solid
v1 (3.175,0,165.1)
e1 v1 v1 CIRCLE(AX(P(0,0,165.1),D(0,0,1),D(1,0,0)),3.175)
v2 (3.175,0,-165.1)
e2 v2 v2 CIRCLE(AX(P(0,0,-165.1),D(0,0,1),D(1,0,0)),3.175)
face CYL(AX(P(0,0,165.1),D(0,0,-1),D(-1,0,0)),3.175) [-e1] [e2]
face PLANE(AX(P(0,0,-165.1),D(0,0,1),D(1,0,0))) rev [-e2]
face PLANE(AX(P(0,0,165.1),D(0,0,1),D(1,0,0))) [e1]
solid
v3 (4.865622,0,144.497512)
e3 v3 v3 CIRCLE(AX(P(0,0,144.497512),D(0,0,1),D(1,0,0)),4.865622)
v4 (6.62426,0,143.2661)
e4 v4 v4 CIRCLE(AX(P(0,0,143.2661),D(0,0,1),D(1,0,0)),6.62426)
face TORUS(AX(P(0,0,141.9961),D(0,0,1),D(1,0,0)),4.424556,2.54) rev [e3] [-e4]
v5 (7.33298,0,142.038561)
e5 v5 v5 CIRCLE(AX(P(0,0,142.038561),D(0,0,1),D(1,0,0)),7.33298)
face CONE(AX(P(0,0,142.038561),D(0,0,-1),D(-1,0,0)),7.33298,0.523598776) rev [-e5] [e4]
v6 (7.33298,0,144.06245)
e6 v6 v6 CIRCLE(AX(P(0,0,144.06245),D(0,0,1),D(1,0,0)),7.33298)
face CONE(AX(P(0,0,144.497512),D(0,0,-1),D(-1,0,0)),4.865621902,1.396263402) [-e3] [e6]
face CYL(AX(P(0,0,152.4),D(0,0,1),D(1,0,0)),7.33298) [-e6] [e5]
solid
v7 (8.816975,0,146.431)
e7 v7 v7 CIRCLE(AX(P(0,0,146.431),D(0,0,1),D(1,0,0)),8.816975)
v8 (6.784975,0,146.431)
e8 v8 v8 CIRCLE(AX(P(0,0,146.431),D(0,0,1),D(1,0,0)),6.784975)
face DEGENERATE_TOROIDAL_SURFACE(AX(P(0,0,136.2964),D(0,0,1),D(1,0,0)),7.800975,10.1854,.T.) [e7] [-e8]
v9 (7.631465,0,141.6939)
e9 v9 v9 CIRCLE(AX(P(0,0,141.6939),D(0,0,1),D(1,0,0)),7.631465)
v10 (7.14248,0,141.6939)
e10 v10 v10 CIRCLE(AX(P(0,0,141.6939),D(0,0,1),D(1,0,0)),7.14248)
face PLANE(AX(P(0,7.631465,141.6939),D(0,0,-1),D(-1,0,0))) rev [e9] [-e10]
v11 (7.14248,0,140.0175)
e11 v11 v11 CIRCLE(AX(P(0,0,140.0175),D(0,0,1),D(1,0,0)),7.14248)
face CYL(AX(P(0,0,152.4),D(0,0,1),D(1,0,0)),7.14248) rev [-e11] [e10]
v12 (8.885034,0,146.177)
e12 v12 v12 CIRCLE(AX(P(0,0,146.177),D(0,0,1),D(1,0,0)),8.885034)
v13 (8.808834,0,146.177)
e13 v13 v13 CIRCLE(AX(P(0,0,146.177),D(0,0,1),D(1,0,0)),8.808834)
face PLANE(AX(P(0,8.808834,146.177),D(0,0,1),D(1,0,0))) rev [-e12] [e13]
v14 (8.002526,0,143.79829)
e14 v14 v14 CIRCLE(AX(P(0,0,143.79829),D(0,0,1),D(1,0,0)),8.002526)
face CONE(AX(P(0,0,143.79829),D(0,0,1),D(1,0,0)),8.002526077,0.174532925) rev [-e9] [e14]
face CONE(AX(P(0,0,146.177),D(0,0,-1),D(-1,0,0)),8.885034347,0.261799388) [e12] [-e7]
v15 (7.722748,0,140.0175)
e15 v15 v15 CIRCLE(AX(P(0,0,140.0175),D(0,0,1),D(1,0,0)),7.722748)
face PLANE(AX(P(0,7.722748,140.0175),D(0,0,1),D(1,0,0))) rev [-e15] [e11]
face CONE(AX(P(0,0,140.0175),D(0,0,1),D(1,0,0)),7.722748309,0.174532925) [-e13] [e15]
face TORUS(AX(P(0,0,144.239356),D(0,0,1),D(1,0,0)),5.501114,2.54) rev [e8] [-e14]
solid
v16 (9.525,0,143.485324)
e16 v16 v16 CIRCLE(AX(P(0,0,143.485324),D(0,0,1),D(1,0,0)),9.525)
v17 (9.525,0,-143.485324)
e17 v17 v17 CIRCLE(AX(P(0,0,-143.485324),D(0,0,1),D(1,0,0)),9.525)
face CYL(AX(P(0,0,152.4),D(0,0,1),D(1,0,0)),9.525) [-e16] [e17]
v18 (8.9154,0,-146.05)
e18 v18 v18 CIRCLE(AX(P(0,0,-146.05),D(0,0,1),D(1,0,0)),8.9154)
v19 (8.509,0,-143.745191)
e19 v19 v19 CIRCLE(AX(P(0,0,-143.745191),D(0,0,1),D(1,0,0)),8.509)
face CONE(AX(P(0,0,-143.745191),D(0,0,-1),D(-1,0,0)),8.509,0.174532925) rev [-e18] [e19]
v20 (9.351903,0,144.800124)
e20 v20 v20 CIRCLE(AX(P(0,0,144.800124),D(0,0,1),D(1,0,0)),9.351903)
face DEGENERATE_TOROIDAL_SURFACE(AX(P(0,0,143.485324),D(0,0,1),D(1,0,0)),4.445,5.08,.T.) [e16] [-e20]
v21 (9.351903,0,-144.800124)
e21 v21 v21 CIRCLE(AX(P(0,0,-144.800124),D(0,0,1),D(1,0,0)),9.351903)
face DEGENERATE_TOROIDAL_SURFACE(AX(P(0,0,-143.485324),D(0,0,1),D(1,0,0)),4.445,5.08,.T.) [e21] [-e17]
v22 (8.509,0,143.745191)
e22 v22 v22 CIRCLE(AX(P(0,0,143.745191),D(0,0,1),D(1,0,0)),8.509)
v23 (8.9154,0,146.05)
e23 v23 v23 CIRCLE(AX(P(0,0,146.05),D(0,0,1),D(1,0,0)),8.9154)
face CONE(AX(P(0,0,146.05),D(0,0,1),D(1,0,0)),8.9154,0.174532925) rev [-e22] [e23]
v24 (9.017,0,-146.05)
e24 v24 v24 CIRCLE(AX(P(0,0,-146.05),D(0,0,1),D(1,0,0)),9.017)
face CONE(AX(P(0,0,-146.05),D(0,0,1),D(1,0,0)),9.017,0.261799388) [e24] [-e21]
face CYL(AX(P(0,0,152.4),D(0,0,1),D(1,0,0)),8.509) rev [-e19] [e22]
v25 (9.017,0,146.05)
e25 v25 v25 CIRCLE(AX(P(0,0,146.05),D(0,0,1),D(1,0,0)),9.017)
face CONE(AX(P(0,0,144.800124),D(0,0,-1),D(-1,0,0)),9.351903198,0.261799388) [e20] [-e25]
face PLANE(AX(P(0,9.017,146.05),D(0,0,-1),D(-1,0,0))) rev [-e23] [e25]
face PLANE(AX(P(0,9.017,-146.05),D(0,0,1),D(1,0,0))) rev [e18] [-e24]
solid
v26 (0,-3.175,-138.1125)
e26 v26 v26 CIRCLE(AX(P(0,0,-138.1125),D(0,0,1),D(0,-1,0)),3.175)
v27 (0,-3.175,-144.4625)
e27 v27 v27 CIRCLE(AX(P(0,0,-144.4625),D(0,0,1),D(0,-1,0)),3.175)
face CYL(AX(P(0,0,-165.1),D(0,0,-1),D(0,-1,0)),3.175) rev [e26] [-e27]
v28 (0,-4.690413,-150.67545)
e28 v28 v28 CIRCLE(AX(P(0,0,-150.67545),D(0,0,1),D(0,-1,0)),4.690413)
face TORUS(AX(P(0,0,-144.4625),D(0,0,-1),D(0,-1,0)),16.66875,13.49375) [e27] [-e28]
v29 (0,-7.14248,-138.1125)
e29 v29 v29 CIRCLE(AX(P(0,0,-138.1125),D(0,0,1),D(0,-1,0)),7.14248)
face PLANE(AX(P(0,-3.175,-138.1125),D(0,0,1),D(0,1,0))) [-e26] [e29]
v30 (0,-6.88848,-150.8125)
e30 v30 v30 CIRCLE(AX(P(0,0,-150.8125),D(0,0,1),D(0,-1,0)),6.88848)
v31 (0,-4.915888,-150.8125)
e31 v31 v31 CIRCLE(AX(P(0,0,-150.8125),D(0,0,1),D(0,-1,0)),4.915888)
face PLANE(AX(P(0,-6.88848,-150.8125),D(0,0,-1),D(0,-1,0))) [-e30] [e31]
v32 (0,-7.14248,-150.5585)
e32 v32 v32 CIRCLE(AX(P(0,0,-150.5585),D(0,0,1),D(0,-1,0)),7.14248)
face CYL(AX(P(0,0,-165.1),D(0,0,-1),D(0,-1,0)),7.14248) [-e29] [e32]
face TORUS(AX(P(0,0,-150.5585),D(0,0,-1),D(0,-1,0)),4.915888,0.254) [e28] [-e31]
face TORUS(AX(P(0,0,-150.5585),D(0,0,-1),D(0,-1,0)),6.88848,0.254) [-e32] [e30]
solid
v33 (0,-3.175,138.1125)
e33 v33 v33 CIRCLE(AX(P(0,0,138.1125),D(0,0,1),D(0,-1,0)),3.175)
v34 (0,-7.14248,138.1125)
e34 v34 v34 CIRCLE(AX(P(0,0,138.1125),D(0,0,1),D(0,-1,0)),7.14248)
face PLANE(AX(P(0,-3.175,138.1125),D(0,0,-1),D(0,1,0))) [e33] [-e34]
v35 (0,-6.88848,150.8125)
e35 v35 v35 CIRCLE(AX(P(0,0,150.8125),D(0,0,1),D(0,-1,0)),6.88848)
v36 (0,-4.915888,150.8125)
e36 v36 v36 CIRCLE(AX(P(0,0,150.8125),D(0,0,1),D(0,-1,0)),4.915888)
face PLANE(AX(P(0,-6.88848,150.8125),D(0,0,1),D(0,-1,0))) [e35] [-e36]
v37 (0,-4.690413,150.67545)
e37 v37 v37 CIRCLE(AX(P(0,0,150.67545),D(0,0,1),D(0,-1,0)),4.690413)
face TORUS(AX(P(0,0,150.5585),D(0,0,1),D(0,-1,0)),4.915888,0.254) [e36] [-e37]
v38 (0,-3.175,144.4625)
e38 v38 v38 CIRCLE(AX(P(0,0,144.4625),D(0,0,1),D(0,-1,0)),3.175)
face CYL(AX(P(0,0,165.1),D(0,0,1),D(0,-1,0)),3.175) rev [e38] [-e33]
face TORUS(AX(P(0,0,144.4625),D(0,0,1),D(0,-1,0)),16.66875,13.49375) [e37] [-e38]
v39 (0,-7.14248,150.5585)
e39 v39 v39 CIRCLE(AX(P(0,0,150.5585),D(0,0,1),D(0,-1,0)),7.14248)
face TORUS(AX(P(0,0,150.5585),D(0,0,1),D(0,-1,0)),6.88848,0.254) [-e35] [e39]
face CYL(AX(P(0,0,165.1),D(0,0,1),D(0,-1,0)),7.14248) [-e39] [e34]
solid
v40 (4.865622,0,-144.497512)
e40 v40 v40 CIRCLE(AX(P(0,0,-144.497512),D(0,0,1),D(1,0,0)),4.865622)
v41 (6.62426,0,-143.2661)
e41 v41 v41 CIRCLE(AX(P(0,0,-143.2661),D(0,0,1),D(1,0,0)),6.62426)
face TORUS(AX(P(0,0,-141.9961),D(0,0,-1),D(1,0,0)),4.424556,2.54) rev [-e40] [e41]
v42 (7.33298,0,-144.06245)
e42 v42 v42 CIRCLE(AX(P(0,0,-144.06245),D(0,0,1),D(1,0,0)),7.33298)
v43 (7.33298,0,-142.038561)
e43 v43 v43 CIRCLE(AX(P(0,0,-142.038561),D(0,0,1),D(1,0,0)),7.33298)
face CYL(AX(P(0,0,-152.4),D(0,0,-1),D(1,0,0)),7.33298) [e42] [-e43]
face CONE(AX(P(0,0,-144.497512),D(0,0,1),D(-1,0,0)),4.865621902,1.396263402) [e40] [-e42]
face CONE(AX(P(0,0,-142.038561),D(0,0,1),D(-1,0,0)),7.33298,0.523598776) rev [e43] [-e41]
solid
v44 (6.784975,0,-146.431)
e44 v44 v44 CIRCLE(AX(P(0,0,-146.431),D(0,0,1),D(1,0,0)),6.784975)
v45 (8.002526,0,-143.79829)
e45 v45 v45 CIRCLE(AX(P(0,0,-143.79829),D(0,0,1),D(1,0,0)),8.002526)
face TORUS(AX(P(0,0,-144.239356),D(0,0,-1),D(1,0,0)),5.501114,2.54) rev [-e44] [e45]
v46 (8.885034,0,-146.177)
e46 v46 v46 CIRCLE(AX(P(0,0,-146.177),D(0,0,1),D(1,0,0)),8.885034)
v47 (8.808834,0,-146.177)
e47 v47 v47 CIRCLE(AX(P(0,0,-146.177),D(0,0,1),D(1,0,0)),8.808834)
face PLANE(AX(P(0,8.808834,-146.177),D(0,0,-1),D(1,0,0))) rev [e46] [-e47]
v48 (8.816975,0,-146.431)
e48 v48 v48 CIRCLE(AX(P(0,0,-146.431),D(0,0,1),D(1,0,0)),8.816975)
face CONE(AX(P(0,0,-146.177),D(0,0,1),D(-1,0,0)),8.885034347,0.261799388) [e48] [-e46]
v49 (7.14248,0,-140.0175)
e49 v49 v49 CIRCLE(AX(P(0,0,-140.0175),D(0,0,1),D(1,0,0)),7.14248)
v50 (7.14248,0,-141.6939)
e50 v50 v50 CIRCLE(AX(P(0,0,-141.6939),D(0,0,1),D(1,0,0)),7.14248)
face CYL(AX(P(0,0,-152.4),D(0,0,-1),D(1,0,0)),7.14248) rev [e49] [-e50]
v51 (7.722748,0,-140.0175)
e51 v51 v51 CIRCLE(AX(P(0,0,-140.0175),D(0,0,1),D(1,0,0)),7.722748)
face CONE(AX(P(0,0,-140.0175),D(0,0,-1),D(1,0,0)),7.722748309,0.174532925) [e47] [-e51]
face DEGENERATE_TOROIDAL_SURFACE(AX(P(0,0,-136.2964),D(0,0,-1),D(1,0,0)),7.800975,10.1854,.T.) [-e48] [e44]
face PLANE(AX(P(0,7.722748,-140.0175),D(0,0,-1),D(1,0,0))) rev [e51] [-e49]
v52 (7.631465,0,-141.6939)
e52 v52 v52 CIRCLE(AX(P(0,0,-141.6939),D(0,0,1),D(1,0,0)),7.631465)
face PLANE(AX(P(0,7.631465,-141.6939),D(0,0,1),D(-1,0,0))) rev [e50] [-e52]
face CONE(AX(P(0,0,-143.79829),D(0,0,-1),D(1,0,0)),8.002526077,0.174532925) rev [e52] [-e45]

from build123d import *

# Parameters (mm, degrees)
BOSS_EXTRUDE1_DEPTH      = 165.1
BOSS_EXTRUDE1_DEPTH_BACK = 165.1
SKETCH2_R                = 3.175


with BuildPart() as part:
    # Sketch2 → Boss-Extrude1 (new, two sides: drawn at the far end of the back side and taken through both)
    with BuildSketch(Plane.XY.offset(-BOSS_EXTRUDE1_DEPTH_BACK)):
        Circle(SKETCH2_R)
    extrude(amount=BOSS_EXTRUDE1_DEPTH + BOSS_EXTRUDE1_DEPTH_BACK)


with BuildPart() as body_2:
    # Sketch3 → Revolve1 (revolve)
    with BuildSketch(Plane.ZY, mode=Mode.PRIVATE) as revolve1_sk:
        with BuildLine():
            Line((138.1125, 7.14248), (150.5585, 7.14248))
            ThreePointArc((150.5585, 7.14248), (150.738105122, 7.068085122), (150.8125, 6.88848))
            Line((150.8125, 6.88848), (150.8125, 4.915888048))
            ThreePointArc((150.8125, 4.915888048), (150.775549774, 4.783958538), (150.67544964, 4.690413478))
            ThreePointArc((150.67544964, 4.690413478), (147.660046764, 3.559326529), (144.4625, 3.175))
            Line((144.4625, 3.175), (138.1125, 3.175))
            Line((138.1125, 3.175), (138.1125, 7.14248))
        make_face()
    revolve(revolve1_sk.sketch.rotate(Axis((0, 0, 165.1), (0, 0, -1)), 180), axis=Axis((0, 0, 165.1), (0, 0, -1)))


with BuildPart() as body_3:
    # Sketch6 → Revolve4 (revolve)
    with BuildSketch(Plane(origin=(0, 0, 0), x_dir=(0, 0, -1), z_dir=(1, 0, 0)), mode=Mode.PRIVATE) as revolve4_sk:
        with BuildLine():
            Line((-146.05, 9.017), (-144.800124251, 9.351903198))
            ThreePointArc((-144.800124251, 9.351903198), (-144.148396558, 9.481539896), (-143.485323502, 9.525))
            Line((-143.485323502, 9.525), (143.485323502, 9.525))
            ThreePointArc((143.485323502, 9.525), (144.148396558, 9.481539896), (144.800124251, 9.351903198))
            Line((144.800124251, 9.351903198), (146.05, 9.017))
            Line((146.05, 9.017), (146.05, 8.9154))
            Line((146.05, 8.9154), (143.745191069, 8.509))
            Line((143.745191069, 8.509), (-143.745191069, 8.509))
            Line((-143.745191069, 8.509), (-146.05, 8.9154))
            Line((-146.05, 8.9154), (-146.05, 9.017))
        make_face()
    revolve(revolve4_sk.sketch.rotate(Axis((0, 0, 152.4), (0, 0, -1)), 90), axis=Axis((0, 0, 152.4), (0, 0, -1)))


with BuildPart() as body_4:
    # Sketch4 → Revolve2 (revolve)
    with BuildSketch(Plane(origin=(0, 0, 0), x_dir=(0, 0, -1), z_dir=(1, 0, 0)), mode=Mode.PRIVATE) as revolve2_sk:
        with BuildLine():
            Line((-140.0175, 7.722748309), (-140.0175, 7.14248))
            Line((-140.0175, 7.14248), (-141.6939, 7.14248))
            Line((-141.6939, 7.14248), (-141.6939, 7.63146532))
            Line((-141.6939, 7.63146532), (-143.79829012, 8.002526077))
            ThreePointArc((-143.79829012, 8.002526077), (-145.305535454, 7.806512922), (-146.431, 6.784975252))
            ThreePointArc((-146.431, 6.784975252), (-146.4818, 7.800975252), (-146.431, 8.816975252))
            Line((-146.431, 8.816975252), (-146.177, 8.885034347))
            Line((-146.177, 8.885034347), (-146.177, 8.808834347))
            Line((-146.177, 8.808834347), (-140.0175, 7.722748309))
        make_face()
    revolve(revolve2_sk.sketch.rotate(Axis((0, 0, 152.4), (0, 0, -1)), 90), axis=Axis((0, 0, 152.4), (0, 0, -1)))


with BuildPart() as body_5:
    # Sketch5 → Revolve3 (revolve)
    with BuildSketch(Plane(origin=(0, 0, 0), x_dir=(0, 0, -1), z_dir=(1, 0, 0)), mode=Mode.PRIVATE) as revolve3_sk:
        with BuildLine():
            Line((-143.266100111, 6.624260056), (-142.03856116, 7.33298))
            Line((-142.03856116, 7.33298), (-144.06245, 7.33298))
            Line((-144.06245, 7.33298), (-144.497511804, 4.865621902))
            ThreePointArc((-144.497511804, 4.865621902), (-144.076746304, 5.881439679), (-143.266100111, 6.624260056))
        make_face()
    revolve(revolve3_sk.sketch.rotate(Axis((0, 0, 152.4), (0, 0, -1)), 90), axis=Axis((0, 0, 152.4), (0, 0, -1)))


with BuildPart() as body_6:
    # Mirror1: mirrored copy
    add(body_2.part.mirror(Plane.XY))


with BuildPart() as body_7:
    # Mirror1 2: mirrored copy
    add(body_4.part.mirror(Plane.XY))


with BuildPart() as body_8:
    # Mirror1 3: mirrored copy
    add(body_5.part.mirror(Plane.XY))


solid = Compound([part.part, body_2.part, body_3.part, body_4.part, body_5.part, body_6.part, body_7.part, body_8.part])
